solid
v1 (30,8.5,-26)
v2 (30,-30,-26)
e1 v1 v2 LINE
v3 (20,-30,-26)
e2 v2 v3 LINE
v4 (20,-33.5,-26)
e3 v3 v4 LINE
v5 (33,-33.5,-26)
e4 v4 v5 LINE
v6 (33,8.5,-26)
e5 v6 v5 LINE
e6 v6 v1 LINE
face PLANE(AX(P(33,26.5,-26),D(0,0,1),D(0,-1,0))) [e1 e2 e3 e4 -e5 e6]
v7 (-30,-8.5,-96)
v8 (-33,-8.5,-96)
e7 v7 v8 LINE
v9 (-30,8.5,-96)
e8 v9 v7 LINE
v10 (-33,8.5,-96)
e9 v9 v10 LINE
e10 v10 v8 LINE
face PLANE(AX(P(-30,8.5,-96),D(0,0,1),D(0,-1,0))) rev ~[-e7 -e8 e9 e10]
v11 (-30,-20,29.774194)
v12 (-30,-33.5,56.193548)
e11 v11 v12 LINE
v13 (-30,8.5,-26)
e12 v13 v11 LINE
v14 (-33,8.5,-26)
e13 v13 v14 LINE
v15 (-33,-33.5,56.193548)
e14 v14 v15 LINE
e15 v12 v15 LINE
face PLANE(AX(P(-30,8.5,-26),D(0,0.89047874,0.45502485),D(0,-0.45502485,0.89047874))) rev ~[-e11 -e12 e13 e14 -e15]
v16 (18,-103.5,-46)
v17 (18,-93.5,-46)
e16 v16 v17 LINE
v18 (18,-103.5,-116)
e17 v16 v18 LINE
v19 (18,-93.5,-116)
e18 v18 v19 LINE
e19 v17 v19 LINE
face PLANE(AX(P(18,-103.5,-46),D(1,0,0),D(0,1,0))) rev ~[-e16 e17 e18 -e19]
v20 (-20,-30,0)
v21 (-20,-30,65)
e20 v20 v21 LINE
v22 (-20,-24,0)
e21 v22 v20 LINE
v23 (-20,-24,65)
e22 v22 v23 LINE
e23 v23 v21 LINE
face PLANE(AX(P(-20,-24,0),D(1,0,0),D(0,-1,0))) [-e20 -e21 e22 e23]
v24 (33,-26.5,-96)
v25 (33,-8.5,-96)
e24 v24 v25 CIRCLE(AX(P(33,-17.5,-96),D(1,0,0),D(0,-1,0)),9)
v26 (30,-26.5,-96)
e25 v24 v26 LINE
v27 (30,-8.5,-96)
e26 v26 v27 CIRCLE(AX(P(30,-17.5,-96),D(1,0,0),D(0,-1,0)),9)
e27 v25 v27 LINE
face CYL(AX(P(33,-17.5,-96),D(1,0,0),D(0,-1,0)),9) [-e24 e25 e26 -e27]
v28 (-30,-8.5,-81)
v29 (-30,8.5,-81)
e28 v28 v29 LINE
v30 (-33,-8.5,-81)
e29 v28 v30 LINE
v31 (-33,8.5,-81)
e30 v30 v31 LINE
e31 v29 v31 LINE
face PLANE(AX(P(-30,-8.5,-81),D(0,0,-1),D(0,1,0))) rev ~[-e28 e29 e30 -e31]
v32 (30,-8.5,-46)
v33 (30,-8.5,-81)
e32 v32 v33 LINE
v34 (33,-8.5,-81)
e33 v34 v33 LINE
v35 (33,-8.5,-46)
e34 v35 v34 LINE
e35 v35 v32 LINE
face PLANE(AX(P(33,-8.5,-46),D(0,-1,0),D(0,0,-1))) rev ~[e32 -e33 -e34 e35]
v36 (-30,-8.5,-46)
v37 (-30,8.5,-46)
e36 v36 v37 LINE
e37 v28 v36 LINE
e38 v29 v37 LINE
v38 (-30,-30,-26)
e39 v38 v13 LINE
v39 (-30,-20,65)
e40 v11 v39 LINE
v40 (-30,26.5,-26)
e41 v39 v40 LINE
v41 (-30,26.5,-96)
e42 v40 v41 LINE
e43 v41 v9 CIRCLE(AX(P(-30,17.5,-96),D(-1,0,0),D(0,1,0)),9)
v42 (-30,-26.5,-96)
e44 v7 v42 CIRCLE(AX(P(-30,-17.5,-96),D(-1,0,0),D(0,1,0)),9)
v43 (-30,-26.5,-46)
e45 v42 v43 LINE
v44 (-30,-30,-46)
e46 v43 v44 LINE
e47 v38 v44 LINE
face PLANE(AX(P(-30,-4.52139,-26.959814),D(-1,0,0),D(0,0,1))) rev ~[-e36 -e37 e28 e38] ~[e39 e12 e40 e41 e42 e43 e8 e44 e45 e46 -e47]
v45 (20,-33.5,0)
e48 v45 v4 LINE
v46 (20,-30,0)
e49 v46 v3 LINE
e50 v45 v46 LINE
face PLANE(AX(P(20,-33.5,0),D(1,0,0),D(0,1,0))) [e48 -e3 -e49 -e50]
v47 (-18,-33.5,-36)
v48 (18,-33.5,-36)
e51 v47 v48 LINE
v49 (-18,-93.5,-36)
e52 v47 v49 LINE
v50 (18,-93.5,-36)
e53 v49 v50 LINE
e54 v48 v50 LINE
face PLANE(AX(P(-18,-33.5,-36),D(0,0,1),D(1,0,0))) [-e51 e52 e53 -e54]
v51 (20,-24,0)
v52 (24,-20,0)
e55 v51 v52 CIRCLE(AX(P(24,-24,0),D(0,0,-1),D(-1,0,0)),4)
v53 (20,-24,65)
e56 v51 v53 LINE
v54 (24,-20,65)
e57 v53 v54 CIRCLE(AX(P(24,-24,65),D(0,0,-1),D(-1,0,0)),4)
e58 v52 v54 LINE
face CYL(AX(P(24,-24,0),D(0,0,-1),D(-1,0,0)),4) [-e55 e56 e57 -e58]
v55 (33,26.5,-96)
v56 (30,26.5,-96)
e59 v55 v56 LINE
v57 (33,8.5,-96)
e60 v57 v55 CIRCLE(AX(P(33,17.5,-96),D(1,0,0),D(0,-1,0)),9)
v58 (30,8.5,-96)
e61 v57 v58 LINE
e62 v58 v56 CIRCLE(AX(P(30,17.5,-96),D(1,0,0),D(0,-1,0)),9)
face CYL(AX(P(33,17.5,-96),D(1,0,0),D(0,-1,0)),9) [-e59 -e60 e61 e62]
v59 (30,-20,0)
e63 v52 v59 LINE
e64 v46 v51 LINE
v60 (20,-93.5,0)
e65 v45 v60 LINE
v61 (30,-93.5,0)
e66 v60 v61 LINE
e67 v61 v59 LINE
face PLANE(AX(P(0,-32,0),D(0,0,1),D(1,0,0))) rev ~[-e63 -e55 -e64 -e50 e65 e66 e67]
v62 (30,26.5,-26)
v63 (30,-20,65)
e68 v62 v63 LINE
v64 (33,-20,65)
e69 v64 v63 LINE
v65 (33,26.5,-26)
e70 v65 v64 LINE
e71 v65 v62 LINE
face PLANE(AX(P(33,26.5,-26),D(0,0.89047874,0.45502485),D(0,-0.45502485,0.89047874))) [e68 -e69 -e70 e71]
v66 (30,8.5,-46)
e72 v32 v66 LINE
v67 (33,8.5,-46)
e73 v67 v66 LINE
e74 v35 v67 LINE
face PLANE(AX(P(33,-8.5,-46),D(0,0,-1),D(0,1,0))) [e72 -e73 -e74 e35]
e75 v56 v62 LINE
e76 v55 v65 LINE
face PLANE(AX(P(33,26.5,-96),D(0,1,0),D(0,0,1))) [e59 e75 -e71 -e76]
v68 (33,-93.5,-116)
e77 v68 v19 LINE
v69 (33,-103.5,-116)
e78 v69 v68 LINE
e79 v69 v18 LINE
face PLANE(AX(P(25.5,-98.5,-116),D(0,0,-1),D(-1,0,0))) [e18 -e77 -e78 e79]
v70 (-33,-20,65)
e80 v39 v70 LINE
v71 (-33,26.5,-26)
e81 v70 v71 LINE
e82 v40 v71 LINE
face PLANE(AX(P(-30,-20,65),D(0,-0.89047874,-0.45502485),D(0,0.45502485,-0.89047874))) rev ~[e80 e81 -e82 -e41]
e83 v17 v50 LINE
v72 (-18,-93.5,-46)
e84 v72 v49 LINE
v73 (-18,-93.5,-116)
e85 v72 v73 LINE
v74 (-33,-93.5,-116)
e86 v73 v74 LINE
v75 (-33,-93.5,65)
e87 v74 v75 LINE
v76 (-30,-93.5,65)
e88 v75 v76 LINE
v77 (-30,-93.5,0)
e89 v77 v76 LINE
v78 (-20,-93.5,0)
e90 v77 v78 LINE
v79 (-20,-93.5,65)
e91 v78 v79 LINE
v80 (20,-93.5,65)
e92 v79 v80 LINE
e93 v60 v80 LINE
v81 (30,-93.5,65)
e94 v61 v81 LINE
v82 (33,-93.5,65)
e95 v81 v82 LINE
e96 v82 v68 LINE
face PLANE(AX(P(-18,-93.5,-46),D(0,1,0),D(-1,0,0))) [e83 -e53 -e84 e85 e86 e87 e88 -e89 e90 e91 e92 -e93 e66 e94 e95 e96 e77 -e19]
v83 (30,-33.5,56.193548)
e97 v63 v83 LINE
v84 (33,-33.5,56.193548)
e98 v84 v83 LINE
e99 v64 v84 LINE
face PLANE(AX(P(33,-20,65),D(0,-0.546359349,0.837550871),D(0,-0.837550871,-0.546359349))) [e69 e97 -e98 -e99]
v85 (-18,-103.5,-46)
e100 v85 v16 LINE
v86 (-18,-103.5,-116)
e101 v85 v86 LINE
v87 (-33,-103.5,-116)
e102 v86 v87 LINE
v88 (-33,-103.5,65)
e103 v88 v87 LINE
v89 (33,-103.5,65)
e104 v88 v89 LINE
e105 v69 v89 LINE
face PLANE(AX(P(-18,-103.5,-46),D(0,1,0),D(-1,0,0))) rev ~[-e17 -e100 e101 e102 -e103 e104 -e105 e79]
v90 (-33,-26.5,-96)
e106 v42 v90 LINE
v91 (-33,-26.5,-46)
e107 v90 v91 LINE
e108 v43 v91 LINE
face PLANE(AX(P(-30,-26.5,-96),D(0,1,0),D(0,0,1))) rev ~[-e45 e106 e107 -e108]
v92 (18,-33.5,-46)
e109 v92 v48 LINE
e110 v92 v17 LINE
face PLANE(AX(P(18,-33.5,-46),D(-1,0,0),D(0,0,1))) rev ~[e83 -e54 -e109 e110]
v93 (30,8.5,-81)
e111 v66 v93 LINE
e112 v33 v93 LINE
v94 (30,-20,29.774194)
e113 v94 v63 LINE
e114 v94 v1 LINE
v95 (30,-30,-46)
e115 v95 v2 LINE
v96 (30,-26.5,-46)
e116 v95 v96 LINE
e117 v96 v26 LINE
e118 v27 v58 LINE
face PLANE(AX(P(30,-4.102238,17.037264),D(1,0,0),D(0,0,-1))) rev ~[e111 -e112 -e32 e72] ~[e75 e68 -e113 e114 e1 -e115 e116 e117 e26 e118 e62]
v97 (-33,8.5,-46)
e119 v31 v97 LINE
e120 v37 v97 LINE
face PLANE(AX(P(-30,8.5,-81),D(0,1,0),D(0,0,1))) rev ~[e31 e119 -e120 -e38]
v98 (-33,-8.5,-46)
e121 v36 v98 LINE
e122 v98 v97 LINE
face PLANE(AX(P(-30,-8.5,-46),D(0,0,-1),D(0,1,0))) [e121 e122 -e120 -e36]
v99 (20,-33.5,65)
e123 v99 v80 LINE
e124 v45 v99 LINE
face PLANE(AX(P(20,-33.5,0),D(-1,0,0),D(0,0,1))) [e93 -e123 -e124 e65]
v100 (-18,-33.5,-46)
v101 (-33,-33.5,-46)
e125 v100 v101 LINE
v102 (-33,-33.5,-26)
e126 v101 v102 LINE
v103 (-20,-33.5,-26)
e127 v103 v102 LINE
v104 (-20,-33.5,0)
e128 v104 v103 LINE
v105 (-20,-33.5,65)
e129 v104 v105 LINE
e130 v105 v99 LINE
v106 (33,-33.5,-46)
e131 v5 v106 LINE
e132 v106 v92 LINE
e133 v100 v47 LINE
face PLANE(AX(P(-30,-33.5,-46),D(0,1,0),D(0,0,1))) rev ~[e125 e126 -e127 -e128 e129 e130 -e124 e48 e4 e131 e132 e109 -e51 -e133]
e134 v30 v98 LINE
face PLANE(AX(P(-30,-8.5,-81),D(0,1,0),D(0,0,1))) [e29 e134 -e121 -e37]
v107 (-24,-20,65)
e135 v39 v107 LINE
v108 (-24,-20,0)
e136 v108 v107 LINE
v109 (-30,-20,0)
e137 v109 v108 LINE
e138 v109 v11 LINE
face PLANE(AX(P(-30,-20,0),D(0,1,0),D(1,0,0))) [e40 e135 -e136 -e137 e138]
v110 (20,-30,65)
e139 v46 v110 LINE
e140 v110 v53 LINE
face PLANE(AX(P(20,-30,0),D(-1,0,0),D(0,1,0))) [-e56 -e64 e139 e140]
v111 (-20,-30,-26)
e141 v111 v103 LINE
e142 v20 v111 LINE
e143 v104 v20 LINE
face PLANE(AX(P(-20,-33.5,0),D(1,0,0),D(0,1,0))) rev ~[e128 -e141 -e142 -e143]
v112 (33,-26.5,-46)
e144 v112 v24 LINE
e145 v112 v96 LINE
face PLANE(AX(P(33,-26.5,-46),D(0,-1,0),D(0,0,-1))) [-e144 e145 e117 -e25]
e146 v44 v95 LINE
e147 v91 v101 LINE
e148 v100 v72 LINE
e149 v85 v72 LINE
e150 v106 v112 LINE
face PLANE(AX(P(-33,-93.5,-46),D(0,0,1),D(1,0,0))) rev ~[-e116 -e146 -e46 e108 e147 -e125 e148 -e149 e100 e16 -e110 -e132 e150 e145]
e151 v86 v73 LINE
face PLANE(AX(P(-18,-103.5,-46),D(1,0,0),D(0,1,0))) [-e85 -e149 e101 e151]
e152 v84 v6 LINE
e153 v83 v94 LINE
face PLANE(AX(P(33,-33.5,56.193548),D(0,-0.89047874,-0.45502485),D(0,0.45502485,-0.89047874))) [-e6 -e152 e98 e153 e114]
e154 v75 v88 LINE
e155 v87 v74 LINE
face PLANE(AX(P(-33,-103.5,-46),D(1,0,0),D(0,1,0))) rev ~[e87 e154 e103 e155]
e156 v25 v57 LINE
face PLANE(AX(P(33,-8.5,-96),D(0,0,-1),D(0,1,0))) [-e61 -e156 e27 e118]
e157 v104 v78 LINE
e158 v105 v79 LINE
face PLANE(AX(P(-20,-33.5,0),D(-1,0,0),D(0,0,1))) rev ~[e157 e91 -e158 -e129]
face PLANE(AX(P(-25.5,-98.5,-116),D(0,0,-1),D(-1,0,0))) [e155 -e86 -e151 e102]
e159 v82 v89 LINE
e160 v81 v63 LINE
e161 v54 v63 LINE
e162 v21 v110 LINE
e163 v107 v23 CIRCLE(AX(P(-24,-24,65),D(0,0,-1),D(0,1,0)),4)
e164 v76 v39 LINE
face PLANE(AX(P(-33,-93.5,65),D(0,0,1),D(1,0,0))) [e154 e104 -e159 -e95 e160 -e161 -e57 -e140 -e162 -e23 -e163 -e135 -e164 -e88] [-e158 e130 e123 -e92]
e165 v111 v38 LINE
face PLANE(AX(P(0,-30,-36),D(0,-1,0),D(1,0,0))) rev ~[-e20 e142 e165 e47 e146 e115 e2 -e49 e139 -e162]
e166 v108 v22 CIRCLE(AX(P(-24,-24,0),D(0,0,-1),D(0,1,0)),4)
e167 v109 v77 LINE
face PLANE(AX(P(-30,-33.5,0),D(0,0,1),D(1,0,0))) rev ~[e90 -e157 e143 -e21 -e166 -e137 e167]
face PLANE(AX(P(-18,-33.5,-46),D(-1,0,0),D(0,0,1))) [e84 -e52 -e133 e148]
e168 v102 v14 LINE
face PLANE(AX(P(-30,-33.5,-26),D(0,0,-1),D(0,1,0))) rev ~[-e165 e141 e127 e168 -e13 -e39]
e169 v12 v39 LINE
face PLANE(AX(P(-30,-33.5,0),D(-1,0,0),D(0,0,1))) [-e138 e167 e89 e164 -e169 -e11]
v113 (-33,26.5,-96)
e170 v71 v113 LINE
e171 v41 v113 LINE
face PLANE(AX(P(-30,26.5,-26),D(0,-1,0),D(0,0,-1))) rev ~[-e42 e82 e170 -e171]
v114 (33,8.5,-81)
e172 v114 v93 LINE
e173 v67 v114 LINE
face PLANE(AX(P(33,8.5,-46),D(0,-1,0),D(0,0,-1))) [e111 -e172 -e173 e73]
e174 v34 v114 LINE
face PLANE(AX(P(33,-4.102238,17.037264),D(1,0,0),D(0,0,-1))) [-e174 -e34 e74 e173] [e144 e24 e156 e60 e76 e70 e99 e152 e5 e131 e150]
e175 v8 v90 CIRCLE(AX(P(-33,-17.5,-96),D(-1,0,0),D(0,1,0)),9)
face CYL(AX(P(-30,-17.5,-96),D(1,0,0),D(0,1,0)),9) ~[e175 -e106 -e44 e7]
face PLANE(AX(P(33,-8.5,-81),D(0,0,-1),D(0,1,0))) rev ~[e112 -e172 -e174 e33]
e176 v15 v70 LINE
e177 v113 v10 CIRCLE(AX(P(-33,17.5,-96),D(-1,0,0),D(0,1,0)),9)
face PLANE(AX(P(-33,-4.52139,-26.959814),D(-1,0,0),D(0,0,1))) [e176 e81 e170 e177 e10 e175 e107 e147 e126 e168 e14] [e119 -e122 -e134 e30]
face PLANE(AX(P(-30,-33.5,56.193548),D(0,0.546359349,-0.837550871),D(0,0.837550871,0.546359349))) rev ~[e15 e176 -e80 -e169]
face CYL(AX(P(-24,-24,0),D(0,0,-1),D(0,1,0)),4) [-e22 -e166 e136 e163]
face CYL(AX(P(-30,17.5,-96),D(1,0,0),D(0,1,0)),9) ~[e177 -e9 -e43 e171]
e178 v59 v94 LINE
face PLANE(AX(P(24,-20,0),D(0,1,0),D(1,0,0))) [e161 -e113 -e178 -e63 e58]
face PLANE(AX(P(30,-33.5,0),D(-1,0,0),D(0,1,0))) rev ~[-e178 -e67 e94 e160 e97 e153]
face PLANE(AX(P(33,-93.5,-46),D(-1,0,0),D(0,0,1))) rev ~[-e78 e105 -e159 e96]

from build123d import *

# Parameters (mm, degrees)
SKETCH_1_W      = 60
SKETCH_1_H      = 3
EXTRUDE_1_DEPTH = 65
SKETCH_2_W      = 40
SKETCH_2_H      = 3.5
EXTRUDE_2_DEPTH = 46
EXTRUDE_3_DEPTH = 3.5
SKETCH_5_W      = 35
SKETCH_5_H      = 17
EXTRUDE_4_DEPTH = 3
EXTRUDE_START   = 3
SKETCH_6_W      = 35
SKETCH_6_H      = 17
SKETCH_6_W_2    = 20
SKETCH_6_H_2    = 3.5
EXTRUDE_5_DEPTH = 3
SKETCH_7_W      = 36
SKETCH_7_H      = 10
SKETCH_7_W_2    = 10
SKETCH_7_H_2    = 65
EXTRUDE_6_DEPTH = 60
SKETCH_8_W      = 66
SKETCH_8_H      = 111
EXTRUDE_7_DEPTH = 10
SKETCH_9_W      = 15
SKETCH_9_H      = 10
EXTRUDE_8_DEPTH = 70


with BuildPart() as part:
    # 草图1 → 凸台-拉伸1 (new body)
    with BuildSketch(Plane.XY):
        with Locations((0, -32)):
            Rectangle(SKETCH_1_W, SKETCH_1_H)
        with BuildLine():
            Line((-20, -24), (-20, -28))
            Line((-20, -28), (-20, -30))
            Line((-20, -30), (20, -30))
            Line((20, -30), (20, -28))
            Line((20, -28), (20, -24))
            ThreePointArc((20, -24), (21.171572875, -21.171572875), (24, -20))
            Line((24, -20), (28, -20))
            Line((28, -20), (30, -20))
            Line((30, -20), (30, -30.5))
            Line((30, -30.5), (-30, -30.5))
            Line((-30, -30.5), (-30, -20))
            Line((-30, -20), (-28, -20))
            Line((-28, -20), (-24, -20))
            ThreePointArc((-24, -20), (-21.171572875, -21.171572875), (-20, -24))
        make_face()
    extrude(amount=EXTRUDE_1_DEPTH)

    # 草图2 → 凸台-拉伸2 (add)
    with BuildSketch(Plane(origin=(0, 0, 0), x_dir=(-1, 0, 0), z_dir=(0, 0, -1))):
        with Locations((0, -31.75)):
            Rectangle(SKETCH_2_W, SKETCH_2_H)
    extrude(amount=EXTRUDE_2_DEPTH)

    # 草图4 → 凸台-拉伸3 (add)
    with BuildSketch(Plane.XZ.offset(33.5)):
        Polygon((20, -46), (30, -46), (30, -26), (20, -26), (-30, -26), (-30, -46), align=None)
    extrude(amount=-EXTRUDE_3_DEPTH)

    # 草图5 → 凸台-拉伸4 (add)
    with BuildSketch(Plane.ZY.offset(30)):
        with BuildLine():
            Line((-46, -26.5), (-46, -33.5))
            Line((-46, -33.5), (-26, -33.5))
            Line((-26, -33.5), (-26, 8.5))
            Line((-26, 8.5), (56.193548387, -33.5))
            Line((56.193548387, -33.5), (65, -20))
            Line((65, -20), (-26, 26.5))
            Line((-26, 26.5), (-96, 26.5))
            ThreePointArc((-96, 26.5), (-105, 17.5), (-96, 8.5))
            Line((-96, 8.5), (-96, -8.5))
            ThreePointArc((-96, -8.5), (-105, -17.5), (-96, -26.5))
            Line((-96, -26.5), (-46, -26.5))
        make_face()
        with Locations((-63.5, 0)):
            Rectangle(SKETCH_5_W, SKETCH_5_H, mode=Mode.SUBTRACT)
    extrude(amount=EXTRUDE_4_DEPTH)

    # 草图6 → 凸台-拉伸5 (add)
    # profile 1 of 3: a face of its own
    with BuildSketch(Plane(origin=(30, 0, 0), x_dir=(0, 0, -1), z_dir=(1, 0, 0)).offset(EXTRUDE_START)):
        Polygon((26, 8.5), (26, 26.5), (-65, -20), (-56.193548387, -33.5), align=None)
    # profile 2 of 3: a face of its own
    with BuildSketch(Plane(origin=(30, 0, 0), x_dir=(0, 0, -1), z_dir=(1, 0, 0)).offset(EXTRUDE_START)):
        with BuildLine():
            Line((96, 26.5), (46, 26.5))
            Line((46, 26.5), (26, 26.5))
            Line((26, 26.5), (26, 8.5))
            Line((26, 8.5), (26, -30))
            Line((26, -30), (46, -30))
            Line((46, -30), (46, -26.5))
            Line((46, -26.5), (96, -26.5))
            ThreePointArc((96, -26.5), (105, -17.5), (96, -8.5))
            Line((96, -8.5), (96, 8.5))
            ThreePointArc((96, 8.5), (105, 17.5), (96, 26.5))
        make_face()
        with Locations((63.5, 0)):
            Rectangle(SKETCH_6_W, SKETCH_6_H, mode=Mode.SUBTRACT)
    # profile 3 of 3: a face of its own
    with BuildSketch(Plane(origin=(30, 0, 0), x_dir=(0, 0, -1), z_dir=(1, 0, 0)).offset(EXTRUDE_START)):
        with Locations((36, -31.75)):
            Rectangle(SKETCH_6_W_2, SKETCH_6_H_2)
    extrude(amount=-EXTRUDE_5_DEPTH)

    # 草图7 → 凸台-拉伸6 (add)
    with BuildSketch(Plane.XZ.offset(33.5)):
        with Locations((0, -41)):
            Rectangle(SKETCH_7_W, SKETCH_7_H)
        with Locations((-25, 32.5)):
            Rectangle(SKETCH_7_W_2, SKETCH_7_H_2)
        with Locations((25, 32.5)):
            Rectangle(SKETCH_7_W_2, SKETCH_7_H_2)
    extrude(amount=EXTRUDE_6_DEPTH)

    # 草图8 → 凸台-拉伸7 (add)
    with BuildSketch(Plane.XZ.offset(93.5)):
        with Locations((0, 9.5)):
            Rectangle(SKETCH_8_W, SKETCH_8_H)
    extrude(amount=EXTRUDE_7_DEPTH)

    # 草图9 → 凸台-拉伸8 (add)
    with BuildSketch(Plane(origin=(0, 0, -46), x_dir=(-1, 0, 0), z_dir=(0, 0, -1))):
        with Locations((25.5, -98.5)):
            Rectangle(SKETCH_9_W, SKETCH_9_H)
        with Locations((-25.5, -98.5)):
            Rectangle(SKETCH_9_W, SKETCH_9_H)
    extrude(amount=EXTRUDE_8_DEPTH)


solid = part.part
